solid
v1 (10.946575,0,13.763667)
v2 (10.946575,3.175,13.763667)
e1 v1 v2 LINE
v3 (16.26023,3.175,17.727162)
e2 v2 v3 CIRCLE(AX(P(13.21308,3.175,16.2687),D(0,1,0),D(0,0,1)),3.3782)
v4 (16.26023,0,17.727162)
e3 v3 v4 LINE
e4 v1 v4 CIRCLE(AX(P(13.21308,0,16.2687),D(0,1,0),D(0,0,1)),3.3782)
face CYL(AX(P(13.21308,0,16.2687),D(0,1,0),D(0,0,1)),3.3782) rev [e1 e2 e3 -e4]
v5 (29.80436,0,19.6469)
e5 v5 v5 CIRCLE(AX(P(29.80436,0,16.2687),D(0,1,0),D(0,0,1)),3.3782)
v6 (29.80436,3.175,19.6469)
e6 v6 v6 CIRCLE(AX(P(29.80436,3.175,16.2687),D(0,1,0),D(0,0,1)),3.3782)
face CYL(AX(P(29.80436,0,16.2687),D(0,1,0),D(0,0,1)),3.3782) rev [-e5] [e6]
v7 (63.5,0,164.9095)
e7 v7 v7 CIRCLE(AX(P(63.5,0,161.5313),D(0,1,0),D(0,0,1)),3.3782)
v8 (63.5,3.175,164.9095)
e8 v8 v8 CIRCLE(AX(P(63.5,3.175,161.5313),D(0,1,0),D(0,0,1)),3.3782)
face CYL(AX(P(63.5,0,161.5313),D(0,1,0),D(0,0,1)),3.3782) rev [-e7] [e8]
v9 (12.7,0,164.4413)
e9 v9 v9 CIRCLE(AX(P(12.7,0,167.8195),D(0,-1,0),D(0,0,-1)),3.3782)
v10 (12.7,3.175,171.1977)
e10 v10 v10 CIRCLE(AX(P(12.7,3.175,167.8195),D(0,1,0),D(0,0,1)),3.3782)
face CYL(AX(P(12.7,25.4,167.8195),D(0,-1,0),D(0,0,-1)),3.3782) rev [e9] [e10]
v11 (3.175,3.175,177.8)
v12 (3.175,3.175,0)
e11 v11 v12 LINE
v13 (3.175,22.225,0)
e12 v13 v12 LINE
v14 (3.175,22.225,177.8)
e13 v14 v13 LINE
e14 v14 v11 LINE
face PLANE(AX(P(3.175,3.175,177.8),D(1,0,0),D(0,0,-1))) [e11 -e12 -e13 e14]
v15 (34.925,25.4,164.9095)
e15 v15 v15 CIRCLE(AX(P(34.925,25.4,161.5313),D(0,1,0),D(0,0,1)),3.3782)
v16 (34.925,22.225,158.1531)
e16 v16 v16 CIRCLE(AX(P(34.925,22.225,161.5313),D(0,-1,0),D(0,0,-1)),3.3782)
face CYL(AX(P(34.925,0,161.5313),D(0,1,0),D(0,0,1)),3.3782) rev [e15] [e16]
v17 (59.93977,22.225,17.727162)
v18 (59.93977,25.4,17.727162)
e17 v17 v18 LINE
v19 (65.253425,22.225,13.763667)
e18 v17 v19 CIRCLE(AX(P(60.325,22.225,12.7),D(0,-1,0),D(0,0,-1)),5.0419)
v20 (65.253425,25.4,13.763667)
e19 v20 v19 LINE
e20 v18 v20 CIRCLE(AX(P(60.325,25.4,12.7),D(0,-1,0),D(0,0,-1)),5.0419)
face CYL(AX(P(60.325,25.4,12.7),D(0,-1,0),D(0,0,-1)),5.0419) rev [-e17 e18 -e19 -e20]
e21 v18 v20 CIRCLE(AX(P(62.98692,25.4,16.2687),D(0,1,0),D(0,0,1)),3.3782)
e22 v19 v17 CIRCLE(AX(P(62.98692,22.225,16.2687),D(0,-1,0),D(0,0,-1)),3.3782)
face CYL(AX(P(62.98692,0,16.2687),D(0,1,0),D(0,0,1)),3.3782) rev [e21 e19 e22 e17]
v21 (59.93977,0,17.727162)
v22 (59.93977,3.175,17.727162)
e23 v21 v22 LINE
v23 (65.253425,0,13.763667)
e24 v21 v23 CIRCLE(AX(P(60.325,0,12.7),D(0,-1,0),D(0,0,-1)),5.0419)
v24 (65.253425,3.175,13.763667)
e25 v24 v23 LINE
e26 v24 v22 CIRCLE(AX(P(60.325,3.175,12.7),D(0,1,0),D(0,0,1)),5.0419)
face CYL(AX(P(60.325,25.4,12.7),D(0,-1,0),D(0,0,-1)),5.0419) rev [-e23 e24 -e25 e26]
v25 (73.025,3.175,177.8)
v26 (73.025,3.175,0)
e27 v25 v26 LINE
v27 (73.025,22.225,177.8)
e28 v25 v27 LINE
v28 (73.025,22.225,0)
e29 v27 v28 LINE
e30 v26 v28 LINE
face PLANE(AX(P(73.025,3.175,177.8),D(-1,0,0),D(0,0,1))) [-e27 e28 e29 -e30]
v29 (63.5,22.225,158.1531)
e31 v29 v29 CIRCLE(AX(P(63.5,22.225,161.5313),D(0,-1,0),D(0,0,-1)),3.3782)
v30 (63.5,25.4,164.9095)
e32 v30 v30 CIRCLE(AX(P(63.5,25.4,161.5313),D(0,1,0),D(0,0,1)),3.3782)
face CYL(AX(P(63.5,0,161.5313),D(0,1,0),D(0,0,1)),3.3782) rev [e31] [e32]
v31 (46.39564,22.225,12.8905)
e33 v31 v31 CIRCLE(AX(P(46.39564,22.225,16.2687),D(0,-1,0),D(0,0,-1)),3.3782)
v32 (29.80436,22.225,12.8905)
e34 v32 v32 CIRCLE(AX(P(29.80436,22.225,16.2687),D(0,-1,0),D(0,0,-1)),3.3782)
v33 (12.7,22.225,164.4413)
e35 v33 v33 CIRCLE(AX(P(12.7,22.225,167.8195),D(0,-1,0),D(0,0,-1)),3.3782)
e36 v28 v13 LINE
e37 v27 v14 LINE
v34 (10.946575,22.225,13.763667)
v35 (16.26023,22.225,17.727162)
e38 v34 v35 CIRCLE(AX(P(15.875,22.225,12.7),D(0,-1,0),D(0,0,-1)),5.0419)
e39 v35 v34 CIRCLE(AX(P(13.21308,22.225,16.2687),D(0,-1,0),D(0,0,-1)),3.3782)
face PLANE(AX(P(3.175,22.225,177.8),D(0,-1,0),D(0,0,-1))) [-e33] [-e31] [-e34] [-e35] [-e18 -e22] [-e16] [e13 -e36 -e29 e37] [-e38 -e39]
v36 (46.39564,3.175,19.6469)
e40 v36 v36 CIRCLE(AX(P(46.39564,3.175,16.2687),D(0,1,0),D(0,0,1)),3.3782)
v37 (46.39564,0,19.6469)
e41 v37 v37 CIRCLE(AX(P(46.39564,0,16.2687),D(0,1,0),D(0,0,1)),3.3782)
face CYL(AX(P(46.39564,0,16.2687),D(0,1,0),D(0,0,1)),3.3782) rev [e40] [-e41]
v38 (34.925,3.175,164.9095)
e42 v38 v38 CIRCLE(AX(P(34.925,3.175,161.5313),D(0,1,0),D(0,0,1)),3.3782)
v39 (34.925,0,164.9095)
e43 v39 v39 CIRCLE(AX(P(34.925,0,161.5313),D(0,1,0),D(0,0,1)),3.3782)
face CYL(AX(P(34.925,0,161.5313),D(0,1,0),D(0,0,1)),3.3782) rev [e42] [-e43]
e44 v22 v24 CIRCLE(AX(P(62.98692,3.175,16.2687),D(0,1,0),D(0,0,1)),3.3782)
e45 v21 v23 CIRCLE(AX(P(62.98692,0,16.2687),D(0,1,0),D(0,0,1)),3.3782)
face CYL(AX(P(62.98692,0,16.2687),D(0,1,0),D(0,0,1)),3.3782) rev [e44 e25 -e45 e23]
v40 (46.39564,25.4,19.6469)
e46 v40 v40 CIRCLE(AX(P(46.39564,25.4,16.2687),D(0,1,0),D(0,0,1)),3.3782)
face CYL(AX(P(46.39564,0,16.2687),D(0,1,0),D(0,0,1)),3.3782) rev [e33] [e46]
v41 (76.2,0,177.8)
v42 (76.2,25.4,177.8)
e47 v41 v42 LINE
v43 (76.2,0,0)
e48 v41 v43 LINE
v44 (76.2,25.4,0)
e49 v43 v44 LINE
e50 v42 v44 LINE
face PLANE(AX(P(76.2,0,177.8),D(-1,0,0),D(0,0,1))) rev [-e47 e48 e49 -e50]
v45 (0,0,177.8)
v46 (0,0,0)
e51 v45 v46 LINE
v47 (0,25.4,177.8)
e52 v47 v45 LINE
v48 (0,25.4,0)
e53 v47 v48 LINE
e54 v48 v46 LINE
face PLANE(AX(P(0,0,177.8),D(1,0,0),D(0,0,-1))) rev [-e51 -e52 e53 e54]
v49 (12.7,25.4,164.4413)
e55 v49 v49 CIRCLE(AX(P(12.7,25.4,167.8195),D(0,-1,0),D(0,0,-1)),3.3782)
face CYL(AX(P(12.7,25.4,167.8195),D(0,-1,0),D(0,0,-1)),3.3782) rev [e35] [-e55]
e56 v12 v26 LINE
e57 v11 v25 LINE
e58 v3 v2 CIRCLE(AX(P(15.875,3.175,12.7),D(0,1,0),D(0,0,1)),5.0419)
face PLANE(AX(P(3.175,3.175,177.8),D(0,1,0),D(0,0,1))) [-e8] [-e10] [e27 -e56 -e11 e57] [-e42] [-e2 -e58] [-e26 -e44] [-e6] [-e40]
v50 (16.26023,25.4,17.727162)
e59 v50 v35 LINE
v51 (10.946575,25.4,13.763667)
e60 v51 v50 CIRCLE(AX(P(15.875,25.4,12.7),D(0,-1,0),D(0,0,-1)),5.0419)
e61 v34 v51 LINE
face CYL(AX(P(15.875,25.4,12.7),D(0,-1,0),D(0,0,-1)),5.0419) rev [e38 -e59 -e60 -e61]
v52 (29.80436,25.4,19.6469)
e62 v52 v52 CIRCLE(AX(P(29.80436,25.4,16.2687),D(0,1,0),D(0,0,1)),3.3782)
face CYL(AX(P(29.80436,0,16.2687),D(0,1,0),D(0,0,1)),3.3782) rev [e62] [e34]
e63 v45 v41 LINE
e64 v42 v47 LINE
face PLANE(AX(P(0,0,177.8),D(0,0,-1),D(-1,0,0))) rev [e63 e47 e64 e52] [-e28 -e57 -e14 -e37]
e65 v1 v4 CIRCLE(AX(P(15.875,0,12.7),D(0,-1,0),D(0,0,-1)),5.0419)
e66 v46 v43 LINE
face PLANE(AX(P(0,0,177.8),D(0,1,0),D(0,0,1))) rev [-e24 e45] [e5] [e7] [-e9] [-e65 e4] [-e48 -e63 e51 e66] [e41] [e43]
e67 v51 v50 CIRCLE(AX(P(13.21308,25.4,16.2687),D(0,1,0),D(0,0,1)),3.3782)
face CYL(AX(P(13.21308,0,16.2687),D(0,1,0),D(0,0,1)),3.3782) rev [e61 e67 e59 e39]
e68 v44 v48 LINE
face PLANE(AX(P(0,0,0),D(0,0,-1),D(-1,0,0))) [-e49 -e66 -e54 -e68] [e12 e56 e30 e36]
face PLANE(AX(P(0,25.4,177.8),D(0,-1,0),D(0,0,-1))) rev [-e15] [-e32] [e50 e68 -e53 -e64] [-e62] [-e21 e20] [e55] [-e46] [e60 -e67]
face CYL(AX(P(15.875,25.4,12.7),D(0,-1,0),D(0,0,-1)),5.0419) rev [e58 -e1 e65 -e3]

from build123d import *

# Parameters (mm, degrees)
SKETCH1_W           = 76.2
SKETCH1_H           = 25.4
SKETCH1_W_2         = 69.85
SKETCH1_H_2         = 19.05
BOSS_EXTRUDE1_DEPTH = 177.8
SKETCH4_R           = 3.3782
CUT_EXTRUDE1_DEPTH  = 26.4
SKETCH5_R           = 3.3782
CUT_EXTRUDE2_DEPTH  = 26.4
SKETCH6_R           = 3.3782
CUT_EXTRUDE3_DEPTH  = 26.4
SKETCH7_R           = 5.0419
CUT_EXTRUDE4_DEPTH  = 26.4


with BuildPart() as part:
    # Sketch1 → Boss-Extrude1 (new body)
    with BuildSketch(Plane.XY):
        with Locations((38.1, 12.7)):
            Rectangle(SKETCH1_W, SKETCH1_H)
        with Locations((38.1, 12.7)):
            Rectangle(SKETCH1_W_2, SKETCH1_H_2, mode=Mode.SUBTRACT)
    extrude(amount=BOSS_EXTRUDE1_DEPTH)

    # Sketch4 → Cut-Extrude1 (cut, through all)
    with BuildSketch(Plane(origin=(0, 25.4, 0), x_dir=(1, 0, 0), z_dir=(0, 1, 0))):
        with Locations((13.21308, -16.2687)):
            Circle(SKETCH4_R)
        with Locations((29.80436, -16.2687)):
            Circle(SKETCH4_R)
        with Locations((46.39564, -16.2687)):
            Circle(SKETCH4_R)
        with Locations((62.98692, -16.2687)):
            Circle(SKETCH4_R)
    extrude(amount=-CUT_EXTRUDE1_DEPTH, mode=Mode.SUBTRACT)

    # Sketch5 → Cut-Extrude2 (cut, through all)
    with BuildSketch(Plane.XZ):
        with Locations((12.7, 167.819500474)):
            Circle(SKETCH5_R)
    extrude(amount=-CUT_EXTRUDE2_DEPTH, mode=Mode.SUBTRACT)

    # Sketch6 → Cut-Extrude3 (cut, through all)
    with BuildSketch(Plane(origin=(0, 25.4, 0), x_dir=(1, 0, 0), z_dir=(0, 1, 0))):
        with Locations((63.5, -161.5313)):
            Circle(SKETCH6_R)
        with Locations((34.925, -161.5313)):
            Circle(SKETCH6_R)
    extrude(amount=-CUT_EXTRUDE3_DEPTH, mode=Mode.SUBTRACT)

    # Sketch7 → Cut-Extrude4 (cut, through all)
    with BuildSketch(Plane.XZ):
        with Locations((15.875, 12.7)):
            Circle(SKETCH7_R)
        with Locations((60.325, 12.7)):
            Circle(SKETCH7_R)
    extrude(amount=-CUT_EXTRUDE4_DEPTH, mode=Mode.SUBTRACT)


solid = part.part
